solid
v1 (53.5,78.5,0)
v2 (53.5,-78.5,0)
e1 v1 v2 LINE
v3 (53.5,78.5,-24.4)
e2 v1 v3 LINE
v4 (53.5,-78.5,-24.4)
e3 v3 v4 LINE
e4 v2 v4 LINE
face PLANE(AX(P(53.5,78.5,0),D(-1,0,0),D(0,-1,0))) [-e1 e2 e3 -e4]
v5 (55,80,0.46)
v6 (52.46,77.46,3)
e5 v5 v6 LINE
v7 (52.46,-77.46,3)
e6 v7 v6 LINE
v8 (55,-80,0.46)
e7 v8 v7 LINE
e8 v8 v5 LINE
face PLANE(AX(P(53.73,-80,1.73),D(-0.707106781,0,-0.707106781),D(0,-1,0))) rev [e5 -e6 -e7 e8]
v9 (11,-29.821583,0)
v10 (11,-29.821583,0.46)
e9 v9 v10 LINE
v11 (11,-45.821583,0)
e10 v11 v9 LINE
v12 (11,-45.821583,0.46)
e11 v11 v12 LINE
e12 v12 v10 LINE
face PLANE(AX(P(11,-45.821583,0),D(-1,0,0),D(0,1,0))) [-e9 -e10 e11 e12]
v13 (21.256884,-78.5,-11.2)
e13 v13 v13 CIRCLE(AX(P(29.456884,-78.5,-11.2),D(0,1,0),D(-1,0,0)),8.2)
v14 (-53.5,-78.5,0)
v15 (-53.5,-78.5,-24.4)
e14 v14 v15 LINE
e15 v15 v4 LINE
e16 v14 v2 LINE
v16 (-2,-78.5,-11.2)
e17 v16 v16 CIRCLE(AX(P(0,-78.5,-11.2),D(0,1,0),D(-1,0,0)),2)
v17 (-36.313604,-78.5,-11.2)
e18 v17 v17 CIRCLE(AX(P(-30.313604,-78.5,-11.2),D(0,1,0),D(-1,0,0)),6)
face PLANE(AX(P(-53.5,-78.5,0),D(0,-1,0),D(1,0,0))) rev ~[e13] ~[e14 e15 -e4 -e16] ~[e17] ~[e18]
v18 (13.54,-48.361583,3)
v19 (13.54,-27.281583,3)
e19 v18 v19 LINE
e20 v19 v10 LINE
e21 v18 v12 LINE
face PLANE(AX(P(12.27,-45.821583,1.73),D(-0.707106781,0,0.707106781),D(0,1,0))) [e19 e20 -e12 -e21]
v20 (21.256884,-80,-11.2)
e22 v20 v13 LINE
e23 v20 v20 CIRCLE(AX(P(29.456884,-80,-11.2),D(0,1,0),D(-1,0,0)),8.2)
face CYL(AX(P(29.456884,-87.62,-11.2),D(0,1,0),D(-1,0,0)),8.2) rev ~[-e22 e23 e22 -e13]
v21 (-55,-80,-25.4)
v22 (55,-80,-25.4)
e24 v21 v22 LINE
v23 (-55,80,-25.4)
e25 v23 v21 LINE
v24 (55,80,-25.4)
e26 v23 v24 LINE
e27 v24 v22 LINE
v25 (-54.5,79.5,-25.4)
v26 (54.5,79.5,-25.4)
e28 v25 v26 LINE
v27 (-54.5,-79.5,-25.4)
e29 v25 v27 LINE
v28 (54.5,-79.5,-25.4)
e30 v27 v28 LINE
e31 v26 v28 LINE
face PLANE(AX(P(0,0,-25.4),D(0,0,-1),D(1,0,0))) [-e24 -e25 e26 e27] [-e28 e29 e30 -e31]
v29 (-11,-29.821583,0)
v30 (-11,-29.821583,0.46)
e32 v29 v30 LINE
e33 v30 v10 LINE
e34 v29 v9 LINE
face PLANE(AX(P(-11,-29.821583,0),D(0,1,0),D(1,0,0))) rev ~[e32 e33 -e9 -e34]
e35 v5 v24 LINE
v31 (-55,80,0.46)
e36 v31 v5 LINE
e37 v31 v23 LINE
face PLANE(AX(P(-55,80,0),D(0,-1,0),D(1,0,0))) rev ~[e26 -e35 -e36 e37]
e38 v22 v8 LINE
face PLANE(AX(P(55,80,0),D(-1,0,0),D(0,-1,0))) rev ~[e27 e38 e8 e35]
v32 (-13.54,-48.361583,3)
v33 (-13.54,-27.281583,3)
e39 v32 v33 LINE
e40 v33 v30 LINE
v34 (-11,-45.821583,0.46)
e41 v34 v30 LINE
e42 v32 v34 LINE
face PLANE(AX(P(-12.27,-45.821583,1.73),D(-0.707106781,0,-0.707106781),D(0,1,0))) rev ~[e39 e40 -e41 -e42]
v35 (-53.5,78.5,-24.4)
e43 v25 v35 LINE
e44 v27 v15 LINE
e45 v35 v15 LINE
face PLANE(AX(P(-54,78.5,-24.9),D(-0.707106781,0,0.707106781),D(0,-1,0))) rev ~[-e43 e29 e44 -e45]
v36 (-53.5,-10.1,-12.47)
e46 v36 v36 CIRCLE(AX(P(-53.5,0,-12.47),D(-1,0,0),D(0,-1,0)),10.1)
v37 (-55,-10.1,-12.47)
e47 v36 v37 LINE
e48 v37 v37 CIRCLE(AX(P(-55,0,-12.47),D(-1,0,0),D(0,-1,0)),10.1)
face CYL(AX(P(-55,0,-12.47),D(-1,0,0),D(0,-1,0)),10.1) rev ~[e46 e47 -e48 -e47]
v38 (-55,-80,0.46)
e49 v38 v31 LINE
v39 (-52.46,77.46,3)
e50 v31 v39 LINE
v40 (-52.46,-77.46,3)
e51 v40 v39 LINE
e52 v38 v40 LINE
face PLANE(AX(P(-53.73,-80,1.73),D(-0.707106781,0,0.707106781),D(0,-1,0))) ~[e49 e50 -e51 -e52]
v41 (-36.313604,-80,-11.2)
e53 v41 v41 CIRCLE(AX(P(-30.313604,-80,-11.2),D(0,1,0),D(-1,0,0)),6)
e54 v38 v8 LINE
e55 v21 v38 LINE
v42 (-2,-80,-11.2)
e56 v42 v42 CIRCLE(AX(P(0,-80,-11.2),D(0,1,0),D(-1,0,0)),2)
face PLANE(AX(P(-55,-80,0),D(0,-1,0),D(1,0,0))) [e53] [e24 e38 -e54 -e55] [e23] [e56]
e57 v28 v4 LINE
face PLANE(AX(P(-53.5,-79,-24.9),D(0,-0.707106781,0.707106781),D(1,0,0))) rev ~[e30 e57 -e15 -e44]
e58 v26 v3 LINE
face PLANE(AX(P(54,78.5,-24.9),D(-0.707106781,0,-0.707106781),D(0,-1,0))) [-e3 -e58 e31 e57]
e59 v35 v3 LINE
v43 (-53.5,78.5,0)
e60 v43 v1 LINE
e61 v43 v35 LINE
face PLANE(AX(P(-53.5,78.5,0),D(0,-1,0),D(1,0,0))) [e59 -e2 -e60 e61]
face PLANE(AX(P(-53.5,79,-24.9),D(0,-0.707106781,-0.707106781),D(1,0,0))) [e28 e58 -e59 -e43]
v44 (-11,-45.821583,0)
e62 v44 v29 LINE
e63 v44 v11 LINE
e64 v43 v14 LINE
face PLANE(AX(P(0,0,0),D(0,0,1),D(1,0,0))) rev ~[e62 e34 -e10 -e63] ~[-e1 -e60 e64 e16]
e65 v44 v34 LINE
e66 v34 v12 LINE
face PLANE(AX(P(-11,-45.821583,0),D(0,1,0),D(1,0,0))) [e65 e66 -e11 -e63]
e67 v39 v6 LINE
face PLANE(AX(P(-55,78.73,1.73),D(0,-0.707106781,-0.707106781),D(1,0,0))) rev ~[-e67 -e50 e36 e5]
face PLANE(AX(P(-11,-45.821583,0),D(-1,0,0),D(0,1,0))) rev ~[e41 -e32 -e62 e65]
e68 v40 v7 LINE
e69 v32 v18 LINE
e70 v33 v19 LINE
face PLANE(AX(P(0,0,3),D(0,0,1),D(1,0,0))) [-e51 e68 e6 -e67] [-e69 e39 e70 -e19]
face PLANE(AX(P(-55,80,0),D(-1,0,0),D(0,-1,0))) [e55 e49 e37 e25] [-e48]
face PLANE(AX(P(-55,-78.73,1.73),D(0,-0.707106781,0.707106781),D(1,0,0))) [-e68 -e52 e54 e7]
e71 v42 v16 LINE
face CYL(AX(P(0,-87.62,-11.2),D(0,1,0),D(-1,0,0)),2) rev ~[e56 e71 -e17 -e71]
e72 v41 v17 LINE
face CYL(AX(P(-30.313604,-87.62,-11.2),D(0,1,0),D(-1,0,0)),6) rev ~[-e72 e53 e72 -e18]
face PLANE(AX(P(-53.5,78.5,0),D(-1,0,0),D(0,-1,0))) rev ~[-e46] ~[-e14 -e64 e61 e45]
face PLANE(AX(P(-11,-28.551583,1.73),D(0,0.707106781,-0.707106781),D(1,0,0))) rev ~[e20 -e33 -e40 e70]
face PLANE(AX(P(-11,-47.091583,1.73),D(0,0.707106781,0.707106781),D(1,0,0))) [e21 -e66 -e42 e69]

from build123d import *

# Parameters (mm, degrees)
F0_W      = 110
F0_H      = 160
F0_W_2    = 22
F0_H_2    = 16
F1_DEPTH  = 3
F2_W      = 110
F2_H      = 160
F2_W_2    = 107
F2_H_2    = 157
F3_DEPTH  = 25.4
F5_D      = 16.4
F5_DEPTH  = 7.62
F6_D      = 4
F6_DEPTH  = 7.62
F7_D      = 12
F7_DEPTH  = 7.62
F8_SIZE   = 1
F9_SIZE   = 2.54
F10_R     = 10.1
F11_DEPTH = 12.7


with BuildPart() as f1:
    # F0 (on Top) → F1 (new body)
    with BuildSketch(Plane.XY):
        Rectangle(F0_W, F0_H)
        with Locations((0, -37.821583)):
            Rectangle(F0_W_2, F0_H_2, mode=Mode.SUBTRACT)
    extrude(amount=F1_DEPTH)

    # F2 (on face) → F3 (join)
    with BuildSketch(Plane(origin=(0, 0, 0), x_dir=(1, 0, 0), z_dir=(0, 0, -1))):
        Rectangle(F2_W, F2_H)
        Rectangle(F2_W_2, F2_H_2, mode=Mode.SUBTRACT)
    extrude(amount=F3_DEPTH)

    # F5
    with Locations(Plane.XZ.offset(80)):
        with Locations((29.456884, -11.2)):
            Hole(F5_D / 2, depth=F5_DEPTH)

    # F6
    with Locations(Plane.XZ.offset(80)):
        with Locations((0, -11.2)):
            Hole(F6_D / 2, depth=F6_DEPTH)

    # F7
    with Locations(Plane.XZ.offset(80)):
        with Locations((-30.313604, -11.2)):
            Hole(F7_D / 2, depth=F7_DEPTH)

    # F8
    f8_edges = [f1.edges().sort_by_distance(p)[0] for p in [
        (53.5, 0, -25.4),
        (0, 78.5, -25.4),
        (-53.5, 0, -25.4),
        (0, -78.5, -25.4),
    ]]
    chamfer(f8_edges, length=F8_SIZE)

    # F9
    f9_edges = [f1.edges().sort_by_distance(p)[0] for p in [
        (0, -45.821583, 3),
        (-11, -37.821583, 3),
        (11, -37.821583, 3),
        (-55, 0, 3),
        (0, -80, 3),
        (55, 0, 3),
        (0, 80, 3),
        (0, -29.821583, 3),
    ]]
    chamfer(f9_edges, length=F9_SIZE)

    # F10 (on face) → F11 (cut, symmetric)
    with BuildSketch(Plane(origin=(-55, 0, 0), x_dir=(0, -1, 0), z_dir=(-1, 0, 0))):
        with Locations((0, -12.47)):
            Circle(F10_R)
    extrude(amount=F11_DEPTH, both=True, mode=Mode.SUBTRACT)


solid = f1.part
